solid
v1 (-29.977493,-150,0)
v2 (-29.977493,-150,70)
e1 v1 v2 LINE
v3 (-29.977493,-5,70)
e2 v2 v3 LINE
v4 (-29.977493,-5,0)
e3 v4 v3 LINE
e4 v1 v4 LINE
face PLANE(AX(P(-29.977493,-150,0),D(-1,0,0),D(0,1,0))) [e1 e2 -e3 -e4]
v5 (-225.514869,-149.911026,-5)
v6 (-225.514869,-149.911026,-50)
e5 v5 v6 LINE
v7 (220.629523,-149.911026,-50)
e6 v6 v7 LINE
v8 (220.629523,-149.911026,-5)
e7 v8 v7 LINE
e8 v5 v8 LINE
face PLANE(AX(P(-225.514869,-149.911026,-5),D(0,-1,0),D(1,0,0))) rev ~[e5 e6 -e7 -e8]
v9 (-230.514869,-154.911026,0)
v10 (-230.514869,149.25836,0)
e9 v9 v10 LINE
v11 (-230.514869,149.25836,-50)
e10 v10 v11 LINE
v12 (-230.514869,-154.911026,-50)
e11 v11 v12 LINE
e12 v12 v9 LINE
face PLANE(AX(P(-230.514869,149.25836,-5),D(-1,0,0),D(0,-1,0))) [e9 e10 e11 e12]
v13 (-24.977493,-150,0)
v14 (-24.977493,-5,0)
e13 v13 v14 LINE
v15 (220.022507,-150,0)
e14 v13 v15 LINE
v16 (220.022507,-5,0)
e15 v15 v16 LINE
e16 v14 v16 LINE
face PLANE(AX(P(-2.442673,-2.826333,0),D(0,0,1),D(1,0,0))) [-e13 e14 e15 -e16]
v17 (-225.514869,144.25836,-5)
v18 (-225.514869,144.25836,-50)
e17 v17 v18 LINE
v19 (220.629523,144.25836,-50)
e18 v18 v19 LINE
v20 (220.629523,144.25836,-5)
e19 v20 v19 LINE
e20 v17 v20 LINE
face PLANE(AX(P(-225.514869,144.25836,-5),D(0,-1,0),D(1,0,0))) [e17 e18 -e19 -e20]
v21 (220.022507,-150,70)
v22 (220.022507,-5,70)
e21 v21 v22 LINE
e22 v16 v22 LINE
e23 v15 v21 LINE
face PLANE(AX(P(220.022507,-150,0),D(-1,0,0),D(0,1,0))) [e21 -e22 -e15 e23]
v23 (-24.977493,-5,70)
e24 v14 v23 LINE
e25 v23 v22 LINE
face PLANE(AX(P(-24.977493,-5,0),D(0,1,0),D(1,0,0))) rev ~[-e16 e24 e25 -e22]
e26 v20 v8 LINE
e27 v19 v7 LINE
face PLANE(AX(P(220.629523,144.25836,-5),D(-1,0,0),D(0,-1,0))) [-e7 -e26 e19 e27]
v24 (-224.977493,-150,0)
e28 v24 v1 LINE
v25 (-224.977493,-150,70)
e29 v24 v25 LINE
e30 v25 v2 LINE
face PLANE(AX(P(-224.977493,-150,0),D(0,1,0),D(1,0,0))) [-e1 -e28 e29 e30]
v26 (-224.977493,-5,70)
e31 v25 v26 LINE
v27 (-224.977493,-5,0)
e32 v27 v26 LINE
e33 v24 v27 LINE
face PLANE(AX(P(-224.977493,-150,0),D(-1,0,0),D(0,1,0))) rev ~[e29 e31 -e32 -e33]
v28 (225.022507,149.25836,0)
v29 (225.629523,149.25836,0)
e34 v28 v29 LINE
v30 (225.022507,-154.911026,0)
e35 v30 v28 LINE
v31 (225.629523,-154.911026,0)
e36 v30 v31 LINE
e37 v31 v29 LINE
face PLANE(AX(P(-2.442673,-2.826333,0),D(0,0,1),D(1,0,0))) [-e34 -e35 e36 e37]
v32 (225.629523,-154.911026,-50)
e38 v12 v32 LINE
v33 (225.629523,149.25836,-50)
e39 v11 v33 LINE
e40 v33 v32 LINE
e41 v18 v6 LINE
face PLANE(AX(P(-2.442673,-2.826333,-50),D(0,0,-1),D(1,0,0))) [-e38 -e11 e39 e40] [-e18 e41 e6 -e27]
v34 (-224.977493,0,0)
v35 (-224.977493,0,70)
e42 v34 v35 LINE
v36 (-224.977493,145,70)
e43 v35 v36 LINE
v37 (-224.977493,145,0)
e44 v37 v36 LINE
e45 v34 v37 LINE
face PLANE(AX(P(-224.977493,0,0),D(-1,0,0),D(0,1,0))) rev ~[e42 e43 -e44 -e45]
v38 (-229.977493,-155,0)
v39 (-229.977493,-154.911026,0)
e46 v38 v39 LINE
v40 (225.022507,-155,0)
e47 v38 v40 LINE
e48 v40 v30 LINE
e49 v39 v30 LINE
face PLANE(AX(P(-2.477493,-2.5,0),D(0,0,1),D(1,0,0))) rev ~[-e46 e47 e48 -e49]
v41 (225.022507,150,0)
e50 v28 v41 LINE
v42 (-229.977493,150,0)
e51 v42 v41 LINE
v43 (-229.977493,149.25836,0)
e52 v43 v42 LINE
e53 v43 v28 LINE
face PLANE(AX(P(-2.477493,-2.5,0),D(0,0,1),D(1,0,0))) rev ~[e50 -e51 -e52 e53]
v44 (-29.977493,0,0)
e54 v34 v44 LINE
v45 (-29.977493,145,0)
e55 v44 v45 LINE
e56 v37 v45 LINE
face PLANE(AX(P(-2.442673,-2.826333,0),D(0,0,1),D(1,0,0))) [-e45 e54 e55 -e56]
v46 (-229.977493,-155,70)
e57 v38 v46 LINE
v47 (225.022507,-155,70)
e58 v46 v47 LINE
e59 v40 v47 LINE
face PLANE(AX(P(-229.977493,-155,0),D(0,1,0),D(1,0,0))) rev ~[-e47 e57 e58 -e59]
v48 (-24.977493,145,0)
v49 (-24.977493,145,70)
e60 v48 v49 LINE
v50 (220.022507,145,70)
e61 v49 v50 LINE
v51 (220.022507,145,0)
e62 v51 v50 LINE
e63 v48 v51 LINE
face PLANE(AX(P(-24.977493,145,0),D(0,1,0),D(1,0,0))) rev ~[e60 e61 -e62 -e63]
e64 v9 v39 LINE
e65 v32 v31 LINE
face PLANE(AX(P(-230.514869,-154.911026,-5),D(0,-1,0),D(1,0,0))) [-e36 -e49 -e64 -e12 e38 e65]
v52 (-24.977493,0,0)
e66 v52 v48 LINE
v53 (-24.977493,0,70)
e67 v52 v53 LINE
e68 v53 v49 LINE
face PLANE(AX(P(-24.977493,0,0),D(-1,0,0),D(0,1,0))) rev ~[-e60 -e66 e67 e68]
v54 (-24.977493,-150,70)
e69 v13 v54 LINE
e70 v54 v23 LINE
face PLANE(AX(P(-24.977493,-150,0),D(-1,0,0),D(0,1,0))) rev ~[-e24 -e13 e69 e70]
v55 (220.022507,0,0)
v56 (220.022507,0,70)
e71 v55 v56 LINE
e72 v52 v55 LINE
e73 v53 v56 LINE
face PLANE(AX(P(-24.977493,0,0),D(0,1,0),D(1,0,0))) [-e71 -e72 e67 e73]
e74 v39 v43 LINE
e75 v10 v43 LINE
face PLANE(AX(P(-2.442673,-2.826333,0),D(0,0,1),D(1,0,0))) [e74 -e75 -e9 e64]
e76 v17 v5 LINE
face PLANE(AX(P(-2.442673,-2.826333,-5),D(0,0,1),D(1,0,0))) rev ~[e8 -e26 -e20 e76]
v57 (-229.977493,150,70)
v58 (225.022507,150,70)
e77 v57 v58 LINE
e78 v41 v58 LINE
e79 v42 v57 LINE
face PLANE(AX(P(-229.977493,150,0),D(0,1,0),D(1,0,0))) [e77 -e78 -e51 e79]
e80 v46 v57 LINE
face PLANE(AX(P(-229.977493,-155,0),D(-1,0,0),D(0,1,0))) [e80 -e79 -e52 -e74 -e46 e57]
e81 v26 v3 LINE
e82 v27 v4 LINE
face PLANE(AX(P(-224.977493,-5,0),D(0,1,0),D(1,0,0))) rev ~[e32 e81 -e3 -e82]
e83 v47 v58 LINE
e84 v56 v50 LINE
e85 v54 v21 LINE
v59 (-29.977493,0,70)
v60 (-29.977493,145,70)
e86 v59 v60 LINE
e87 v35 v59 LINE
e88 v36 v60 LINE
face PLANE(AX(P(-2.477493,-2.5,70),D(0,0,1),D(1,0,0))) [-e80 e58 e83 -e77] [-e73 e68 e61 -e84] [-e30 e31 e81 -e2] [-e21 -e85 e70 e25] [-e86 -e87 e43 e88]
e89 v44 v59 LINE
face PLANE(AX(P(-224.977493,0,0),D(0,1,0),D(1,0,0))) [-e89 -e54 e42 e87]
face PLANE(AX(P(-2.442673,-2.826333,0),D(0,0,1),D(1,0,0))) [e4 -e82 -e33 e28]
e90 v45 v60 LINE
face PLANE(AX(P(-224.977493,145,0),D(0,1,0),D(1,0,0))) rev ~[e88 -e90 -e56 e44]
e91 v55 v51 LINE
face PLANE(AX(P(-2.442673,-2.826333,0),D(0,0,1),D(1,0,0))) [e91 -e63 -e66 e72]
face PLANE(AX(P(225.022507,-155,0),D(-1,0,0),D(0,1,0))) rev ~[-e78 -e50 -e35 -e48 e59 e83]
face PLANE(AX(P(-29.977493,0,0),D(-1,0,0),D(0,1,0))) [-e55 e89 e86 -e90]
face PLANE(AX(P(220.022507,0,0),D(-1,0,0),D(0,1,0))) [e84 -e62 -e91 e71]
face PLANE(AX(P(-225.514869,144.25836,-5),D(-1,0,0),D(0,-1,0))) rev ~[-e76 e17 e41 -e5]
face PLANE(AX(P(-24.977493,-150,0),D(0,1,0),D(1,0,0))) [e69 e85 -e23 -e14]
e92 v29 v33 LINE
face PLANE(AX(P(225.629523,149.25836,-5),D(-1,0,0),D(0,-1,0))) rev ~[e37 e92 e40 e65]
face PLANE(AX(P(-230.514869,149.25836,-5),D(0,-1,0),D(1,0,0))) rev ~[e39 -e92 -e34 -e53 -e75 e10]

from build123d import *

# Parameters (mm, degrees)
F0_W     = 455
F0_H     = 305
F0_W_2   = 195
F0_H_2   = 145
F0_W_3   = 245
F1_DEPTH = 70
F2_W     = 456.144392
F2_H     = 304.169386
F3_DEPTH = 5
F4_W     = 456.144392
F4_H     = 304.169386
F4_W_2   = 446.144392
F4_H_2   = 294.169386
F5_DEPTH = 45


with BuildPart() as f1:
    # F0 (on Top) → F1 (new body)
    with BuildSketch(Plane.XY):
        with Locations((-2.477493, -2.5)):
            Rectangle(F0_W, F0_H)
        with Locations((-127.477493, -77.5)):
            Rectangle(F0_W_2, F0_H_2, mode=Mode.SUBTRACT)
        with Locations((97.522507, -77.5)):
            Rectangle(F0_W_3, F0_H_2, mode=Mode.SUBTRACT)
        with Locations((-127.477493, 72.5)):
            Rectangle(F0_W_2, F0_H_2, mode=Mode.SUBTRACT)
        with Locations((97.522507, 72.5)):
            Rectangle(F0_W_3, F0_H_2, mode=Mode.SUBTRACT)
    extrude(amount=F1_DEPTH)

    # F2 (on face) → F3 (join)
    with BuildSketch(Plane.XY):
        with Locations((-2.442673, -2.826333)):
            Rectangle(F2_W, F2_H)
    extrude(amount=-F3_DEPTH)

    # F4 (on face) → F5 (join)
    with BuildSketch(Plane(origin=(0, 0, -5), x_dir=(1, 0, 0), z_dir=(0, 0, -1))):
        with Locations((-2.442673, 2.826333)):
            Rectangle(F4_W, F4_H)
        with Locations((-2.442673, 2.826333)):
            Rectangle(F4_W_2, F4_H_2, mode=Mode.SUBTRACT)
    extrude(amount=F5_DEPTH)


solid = f1.part
